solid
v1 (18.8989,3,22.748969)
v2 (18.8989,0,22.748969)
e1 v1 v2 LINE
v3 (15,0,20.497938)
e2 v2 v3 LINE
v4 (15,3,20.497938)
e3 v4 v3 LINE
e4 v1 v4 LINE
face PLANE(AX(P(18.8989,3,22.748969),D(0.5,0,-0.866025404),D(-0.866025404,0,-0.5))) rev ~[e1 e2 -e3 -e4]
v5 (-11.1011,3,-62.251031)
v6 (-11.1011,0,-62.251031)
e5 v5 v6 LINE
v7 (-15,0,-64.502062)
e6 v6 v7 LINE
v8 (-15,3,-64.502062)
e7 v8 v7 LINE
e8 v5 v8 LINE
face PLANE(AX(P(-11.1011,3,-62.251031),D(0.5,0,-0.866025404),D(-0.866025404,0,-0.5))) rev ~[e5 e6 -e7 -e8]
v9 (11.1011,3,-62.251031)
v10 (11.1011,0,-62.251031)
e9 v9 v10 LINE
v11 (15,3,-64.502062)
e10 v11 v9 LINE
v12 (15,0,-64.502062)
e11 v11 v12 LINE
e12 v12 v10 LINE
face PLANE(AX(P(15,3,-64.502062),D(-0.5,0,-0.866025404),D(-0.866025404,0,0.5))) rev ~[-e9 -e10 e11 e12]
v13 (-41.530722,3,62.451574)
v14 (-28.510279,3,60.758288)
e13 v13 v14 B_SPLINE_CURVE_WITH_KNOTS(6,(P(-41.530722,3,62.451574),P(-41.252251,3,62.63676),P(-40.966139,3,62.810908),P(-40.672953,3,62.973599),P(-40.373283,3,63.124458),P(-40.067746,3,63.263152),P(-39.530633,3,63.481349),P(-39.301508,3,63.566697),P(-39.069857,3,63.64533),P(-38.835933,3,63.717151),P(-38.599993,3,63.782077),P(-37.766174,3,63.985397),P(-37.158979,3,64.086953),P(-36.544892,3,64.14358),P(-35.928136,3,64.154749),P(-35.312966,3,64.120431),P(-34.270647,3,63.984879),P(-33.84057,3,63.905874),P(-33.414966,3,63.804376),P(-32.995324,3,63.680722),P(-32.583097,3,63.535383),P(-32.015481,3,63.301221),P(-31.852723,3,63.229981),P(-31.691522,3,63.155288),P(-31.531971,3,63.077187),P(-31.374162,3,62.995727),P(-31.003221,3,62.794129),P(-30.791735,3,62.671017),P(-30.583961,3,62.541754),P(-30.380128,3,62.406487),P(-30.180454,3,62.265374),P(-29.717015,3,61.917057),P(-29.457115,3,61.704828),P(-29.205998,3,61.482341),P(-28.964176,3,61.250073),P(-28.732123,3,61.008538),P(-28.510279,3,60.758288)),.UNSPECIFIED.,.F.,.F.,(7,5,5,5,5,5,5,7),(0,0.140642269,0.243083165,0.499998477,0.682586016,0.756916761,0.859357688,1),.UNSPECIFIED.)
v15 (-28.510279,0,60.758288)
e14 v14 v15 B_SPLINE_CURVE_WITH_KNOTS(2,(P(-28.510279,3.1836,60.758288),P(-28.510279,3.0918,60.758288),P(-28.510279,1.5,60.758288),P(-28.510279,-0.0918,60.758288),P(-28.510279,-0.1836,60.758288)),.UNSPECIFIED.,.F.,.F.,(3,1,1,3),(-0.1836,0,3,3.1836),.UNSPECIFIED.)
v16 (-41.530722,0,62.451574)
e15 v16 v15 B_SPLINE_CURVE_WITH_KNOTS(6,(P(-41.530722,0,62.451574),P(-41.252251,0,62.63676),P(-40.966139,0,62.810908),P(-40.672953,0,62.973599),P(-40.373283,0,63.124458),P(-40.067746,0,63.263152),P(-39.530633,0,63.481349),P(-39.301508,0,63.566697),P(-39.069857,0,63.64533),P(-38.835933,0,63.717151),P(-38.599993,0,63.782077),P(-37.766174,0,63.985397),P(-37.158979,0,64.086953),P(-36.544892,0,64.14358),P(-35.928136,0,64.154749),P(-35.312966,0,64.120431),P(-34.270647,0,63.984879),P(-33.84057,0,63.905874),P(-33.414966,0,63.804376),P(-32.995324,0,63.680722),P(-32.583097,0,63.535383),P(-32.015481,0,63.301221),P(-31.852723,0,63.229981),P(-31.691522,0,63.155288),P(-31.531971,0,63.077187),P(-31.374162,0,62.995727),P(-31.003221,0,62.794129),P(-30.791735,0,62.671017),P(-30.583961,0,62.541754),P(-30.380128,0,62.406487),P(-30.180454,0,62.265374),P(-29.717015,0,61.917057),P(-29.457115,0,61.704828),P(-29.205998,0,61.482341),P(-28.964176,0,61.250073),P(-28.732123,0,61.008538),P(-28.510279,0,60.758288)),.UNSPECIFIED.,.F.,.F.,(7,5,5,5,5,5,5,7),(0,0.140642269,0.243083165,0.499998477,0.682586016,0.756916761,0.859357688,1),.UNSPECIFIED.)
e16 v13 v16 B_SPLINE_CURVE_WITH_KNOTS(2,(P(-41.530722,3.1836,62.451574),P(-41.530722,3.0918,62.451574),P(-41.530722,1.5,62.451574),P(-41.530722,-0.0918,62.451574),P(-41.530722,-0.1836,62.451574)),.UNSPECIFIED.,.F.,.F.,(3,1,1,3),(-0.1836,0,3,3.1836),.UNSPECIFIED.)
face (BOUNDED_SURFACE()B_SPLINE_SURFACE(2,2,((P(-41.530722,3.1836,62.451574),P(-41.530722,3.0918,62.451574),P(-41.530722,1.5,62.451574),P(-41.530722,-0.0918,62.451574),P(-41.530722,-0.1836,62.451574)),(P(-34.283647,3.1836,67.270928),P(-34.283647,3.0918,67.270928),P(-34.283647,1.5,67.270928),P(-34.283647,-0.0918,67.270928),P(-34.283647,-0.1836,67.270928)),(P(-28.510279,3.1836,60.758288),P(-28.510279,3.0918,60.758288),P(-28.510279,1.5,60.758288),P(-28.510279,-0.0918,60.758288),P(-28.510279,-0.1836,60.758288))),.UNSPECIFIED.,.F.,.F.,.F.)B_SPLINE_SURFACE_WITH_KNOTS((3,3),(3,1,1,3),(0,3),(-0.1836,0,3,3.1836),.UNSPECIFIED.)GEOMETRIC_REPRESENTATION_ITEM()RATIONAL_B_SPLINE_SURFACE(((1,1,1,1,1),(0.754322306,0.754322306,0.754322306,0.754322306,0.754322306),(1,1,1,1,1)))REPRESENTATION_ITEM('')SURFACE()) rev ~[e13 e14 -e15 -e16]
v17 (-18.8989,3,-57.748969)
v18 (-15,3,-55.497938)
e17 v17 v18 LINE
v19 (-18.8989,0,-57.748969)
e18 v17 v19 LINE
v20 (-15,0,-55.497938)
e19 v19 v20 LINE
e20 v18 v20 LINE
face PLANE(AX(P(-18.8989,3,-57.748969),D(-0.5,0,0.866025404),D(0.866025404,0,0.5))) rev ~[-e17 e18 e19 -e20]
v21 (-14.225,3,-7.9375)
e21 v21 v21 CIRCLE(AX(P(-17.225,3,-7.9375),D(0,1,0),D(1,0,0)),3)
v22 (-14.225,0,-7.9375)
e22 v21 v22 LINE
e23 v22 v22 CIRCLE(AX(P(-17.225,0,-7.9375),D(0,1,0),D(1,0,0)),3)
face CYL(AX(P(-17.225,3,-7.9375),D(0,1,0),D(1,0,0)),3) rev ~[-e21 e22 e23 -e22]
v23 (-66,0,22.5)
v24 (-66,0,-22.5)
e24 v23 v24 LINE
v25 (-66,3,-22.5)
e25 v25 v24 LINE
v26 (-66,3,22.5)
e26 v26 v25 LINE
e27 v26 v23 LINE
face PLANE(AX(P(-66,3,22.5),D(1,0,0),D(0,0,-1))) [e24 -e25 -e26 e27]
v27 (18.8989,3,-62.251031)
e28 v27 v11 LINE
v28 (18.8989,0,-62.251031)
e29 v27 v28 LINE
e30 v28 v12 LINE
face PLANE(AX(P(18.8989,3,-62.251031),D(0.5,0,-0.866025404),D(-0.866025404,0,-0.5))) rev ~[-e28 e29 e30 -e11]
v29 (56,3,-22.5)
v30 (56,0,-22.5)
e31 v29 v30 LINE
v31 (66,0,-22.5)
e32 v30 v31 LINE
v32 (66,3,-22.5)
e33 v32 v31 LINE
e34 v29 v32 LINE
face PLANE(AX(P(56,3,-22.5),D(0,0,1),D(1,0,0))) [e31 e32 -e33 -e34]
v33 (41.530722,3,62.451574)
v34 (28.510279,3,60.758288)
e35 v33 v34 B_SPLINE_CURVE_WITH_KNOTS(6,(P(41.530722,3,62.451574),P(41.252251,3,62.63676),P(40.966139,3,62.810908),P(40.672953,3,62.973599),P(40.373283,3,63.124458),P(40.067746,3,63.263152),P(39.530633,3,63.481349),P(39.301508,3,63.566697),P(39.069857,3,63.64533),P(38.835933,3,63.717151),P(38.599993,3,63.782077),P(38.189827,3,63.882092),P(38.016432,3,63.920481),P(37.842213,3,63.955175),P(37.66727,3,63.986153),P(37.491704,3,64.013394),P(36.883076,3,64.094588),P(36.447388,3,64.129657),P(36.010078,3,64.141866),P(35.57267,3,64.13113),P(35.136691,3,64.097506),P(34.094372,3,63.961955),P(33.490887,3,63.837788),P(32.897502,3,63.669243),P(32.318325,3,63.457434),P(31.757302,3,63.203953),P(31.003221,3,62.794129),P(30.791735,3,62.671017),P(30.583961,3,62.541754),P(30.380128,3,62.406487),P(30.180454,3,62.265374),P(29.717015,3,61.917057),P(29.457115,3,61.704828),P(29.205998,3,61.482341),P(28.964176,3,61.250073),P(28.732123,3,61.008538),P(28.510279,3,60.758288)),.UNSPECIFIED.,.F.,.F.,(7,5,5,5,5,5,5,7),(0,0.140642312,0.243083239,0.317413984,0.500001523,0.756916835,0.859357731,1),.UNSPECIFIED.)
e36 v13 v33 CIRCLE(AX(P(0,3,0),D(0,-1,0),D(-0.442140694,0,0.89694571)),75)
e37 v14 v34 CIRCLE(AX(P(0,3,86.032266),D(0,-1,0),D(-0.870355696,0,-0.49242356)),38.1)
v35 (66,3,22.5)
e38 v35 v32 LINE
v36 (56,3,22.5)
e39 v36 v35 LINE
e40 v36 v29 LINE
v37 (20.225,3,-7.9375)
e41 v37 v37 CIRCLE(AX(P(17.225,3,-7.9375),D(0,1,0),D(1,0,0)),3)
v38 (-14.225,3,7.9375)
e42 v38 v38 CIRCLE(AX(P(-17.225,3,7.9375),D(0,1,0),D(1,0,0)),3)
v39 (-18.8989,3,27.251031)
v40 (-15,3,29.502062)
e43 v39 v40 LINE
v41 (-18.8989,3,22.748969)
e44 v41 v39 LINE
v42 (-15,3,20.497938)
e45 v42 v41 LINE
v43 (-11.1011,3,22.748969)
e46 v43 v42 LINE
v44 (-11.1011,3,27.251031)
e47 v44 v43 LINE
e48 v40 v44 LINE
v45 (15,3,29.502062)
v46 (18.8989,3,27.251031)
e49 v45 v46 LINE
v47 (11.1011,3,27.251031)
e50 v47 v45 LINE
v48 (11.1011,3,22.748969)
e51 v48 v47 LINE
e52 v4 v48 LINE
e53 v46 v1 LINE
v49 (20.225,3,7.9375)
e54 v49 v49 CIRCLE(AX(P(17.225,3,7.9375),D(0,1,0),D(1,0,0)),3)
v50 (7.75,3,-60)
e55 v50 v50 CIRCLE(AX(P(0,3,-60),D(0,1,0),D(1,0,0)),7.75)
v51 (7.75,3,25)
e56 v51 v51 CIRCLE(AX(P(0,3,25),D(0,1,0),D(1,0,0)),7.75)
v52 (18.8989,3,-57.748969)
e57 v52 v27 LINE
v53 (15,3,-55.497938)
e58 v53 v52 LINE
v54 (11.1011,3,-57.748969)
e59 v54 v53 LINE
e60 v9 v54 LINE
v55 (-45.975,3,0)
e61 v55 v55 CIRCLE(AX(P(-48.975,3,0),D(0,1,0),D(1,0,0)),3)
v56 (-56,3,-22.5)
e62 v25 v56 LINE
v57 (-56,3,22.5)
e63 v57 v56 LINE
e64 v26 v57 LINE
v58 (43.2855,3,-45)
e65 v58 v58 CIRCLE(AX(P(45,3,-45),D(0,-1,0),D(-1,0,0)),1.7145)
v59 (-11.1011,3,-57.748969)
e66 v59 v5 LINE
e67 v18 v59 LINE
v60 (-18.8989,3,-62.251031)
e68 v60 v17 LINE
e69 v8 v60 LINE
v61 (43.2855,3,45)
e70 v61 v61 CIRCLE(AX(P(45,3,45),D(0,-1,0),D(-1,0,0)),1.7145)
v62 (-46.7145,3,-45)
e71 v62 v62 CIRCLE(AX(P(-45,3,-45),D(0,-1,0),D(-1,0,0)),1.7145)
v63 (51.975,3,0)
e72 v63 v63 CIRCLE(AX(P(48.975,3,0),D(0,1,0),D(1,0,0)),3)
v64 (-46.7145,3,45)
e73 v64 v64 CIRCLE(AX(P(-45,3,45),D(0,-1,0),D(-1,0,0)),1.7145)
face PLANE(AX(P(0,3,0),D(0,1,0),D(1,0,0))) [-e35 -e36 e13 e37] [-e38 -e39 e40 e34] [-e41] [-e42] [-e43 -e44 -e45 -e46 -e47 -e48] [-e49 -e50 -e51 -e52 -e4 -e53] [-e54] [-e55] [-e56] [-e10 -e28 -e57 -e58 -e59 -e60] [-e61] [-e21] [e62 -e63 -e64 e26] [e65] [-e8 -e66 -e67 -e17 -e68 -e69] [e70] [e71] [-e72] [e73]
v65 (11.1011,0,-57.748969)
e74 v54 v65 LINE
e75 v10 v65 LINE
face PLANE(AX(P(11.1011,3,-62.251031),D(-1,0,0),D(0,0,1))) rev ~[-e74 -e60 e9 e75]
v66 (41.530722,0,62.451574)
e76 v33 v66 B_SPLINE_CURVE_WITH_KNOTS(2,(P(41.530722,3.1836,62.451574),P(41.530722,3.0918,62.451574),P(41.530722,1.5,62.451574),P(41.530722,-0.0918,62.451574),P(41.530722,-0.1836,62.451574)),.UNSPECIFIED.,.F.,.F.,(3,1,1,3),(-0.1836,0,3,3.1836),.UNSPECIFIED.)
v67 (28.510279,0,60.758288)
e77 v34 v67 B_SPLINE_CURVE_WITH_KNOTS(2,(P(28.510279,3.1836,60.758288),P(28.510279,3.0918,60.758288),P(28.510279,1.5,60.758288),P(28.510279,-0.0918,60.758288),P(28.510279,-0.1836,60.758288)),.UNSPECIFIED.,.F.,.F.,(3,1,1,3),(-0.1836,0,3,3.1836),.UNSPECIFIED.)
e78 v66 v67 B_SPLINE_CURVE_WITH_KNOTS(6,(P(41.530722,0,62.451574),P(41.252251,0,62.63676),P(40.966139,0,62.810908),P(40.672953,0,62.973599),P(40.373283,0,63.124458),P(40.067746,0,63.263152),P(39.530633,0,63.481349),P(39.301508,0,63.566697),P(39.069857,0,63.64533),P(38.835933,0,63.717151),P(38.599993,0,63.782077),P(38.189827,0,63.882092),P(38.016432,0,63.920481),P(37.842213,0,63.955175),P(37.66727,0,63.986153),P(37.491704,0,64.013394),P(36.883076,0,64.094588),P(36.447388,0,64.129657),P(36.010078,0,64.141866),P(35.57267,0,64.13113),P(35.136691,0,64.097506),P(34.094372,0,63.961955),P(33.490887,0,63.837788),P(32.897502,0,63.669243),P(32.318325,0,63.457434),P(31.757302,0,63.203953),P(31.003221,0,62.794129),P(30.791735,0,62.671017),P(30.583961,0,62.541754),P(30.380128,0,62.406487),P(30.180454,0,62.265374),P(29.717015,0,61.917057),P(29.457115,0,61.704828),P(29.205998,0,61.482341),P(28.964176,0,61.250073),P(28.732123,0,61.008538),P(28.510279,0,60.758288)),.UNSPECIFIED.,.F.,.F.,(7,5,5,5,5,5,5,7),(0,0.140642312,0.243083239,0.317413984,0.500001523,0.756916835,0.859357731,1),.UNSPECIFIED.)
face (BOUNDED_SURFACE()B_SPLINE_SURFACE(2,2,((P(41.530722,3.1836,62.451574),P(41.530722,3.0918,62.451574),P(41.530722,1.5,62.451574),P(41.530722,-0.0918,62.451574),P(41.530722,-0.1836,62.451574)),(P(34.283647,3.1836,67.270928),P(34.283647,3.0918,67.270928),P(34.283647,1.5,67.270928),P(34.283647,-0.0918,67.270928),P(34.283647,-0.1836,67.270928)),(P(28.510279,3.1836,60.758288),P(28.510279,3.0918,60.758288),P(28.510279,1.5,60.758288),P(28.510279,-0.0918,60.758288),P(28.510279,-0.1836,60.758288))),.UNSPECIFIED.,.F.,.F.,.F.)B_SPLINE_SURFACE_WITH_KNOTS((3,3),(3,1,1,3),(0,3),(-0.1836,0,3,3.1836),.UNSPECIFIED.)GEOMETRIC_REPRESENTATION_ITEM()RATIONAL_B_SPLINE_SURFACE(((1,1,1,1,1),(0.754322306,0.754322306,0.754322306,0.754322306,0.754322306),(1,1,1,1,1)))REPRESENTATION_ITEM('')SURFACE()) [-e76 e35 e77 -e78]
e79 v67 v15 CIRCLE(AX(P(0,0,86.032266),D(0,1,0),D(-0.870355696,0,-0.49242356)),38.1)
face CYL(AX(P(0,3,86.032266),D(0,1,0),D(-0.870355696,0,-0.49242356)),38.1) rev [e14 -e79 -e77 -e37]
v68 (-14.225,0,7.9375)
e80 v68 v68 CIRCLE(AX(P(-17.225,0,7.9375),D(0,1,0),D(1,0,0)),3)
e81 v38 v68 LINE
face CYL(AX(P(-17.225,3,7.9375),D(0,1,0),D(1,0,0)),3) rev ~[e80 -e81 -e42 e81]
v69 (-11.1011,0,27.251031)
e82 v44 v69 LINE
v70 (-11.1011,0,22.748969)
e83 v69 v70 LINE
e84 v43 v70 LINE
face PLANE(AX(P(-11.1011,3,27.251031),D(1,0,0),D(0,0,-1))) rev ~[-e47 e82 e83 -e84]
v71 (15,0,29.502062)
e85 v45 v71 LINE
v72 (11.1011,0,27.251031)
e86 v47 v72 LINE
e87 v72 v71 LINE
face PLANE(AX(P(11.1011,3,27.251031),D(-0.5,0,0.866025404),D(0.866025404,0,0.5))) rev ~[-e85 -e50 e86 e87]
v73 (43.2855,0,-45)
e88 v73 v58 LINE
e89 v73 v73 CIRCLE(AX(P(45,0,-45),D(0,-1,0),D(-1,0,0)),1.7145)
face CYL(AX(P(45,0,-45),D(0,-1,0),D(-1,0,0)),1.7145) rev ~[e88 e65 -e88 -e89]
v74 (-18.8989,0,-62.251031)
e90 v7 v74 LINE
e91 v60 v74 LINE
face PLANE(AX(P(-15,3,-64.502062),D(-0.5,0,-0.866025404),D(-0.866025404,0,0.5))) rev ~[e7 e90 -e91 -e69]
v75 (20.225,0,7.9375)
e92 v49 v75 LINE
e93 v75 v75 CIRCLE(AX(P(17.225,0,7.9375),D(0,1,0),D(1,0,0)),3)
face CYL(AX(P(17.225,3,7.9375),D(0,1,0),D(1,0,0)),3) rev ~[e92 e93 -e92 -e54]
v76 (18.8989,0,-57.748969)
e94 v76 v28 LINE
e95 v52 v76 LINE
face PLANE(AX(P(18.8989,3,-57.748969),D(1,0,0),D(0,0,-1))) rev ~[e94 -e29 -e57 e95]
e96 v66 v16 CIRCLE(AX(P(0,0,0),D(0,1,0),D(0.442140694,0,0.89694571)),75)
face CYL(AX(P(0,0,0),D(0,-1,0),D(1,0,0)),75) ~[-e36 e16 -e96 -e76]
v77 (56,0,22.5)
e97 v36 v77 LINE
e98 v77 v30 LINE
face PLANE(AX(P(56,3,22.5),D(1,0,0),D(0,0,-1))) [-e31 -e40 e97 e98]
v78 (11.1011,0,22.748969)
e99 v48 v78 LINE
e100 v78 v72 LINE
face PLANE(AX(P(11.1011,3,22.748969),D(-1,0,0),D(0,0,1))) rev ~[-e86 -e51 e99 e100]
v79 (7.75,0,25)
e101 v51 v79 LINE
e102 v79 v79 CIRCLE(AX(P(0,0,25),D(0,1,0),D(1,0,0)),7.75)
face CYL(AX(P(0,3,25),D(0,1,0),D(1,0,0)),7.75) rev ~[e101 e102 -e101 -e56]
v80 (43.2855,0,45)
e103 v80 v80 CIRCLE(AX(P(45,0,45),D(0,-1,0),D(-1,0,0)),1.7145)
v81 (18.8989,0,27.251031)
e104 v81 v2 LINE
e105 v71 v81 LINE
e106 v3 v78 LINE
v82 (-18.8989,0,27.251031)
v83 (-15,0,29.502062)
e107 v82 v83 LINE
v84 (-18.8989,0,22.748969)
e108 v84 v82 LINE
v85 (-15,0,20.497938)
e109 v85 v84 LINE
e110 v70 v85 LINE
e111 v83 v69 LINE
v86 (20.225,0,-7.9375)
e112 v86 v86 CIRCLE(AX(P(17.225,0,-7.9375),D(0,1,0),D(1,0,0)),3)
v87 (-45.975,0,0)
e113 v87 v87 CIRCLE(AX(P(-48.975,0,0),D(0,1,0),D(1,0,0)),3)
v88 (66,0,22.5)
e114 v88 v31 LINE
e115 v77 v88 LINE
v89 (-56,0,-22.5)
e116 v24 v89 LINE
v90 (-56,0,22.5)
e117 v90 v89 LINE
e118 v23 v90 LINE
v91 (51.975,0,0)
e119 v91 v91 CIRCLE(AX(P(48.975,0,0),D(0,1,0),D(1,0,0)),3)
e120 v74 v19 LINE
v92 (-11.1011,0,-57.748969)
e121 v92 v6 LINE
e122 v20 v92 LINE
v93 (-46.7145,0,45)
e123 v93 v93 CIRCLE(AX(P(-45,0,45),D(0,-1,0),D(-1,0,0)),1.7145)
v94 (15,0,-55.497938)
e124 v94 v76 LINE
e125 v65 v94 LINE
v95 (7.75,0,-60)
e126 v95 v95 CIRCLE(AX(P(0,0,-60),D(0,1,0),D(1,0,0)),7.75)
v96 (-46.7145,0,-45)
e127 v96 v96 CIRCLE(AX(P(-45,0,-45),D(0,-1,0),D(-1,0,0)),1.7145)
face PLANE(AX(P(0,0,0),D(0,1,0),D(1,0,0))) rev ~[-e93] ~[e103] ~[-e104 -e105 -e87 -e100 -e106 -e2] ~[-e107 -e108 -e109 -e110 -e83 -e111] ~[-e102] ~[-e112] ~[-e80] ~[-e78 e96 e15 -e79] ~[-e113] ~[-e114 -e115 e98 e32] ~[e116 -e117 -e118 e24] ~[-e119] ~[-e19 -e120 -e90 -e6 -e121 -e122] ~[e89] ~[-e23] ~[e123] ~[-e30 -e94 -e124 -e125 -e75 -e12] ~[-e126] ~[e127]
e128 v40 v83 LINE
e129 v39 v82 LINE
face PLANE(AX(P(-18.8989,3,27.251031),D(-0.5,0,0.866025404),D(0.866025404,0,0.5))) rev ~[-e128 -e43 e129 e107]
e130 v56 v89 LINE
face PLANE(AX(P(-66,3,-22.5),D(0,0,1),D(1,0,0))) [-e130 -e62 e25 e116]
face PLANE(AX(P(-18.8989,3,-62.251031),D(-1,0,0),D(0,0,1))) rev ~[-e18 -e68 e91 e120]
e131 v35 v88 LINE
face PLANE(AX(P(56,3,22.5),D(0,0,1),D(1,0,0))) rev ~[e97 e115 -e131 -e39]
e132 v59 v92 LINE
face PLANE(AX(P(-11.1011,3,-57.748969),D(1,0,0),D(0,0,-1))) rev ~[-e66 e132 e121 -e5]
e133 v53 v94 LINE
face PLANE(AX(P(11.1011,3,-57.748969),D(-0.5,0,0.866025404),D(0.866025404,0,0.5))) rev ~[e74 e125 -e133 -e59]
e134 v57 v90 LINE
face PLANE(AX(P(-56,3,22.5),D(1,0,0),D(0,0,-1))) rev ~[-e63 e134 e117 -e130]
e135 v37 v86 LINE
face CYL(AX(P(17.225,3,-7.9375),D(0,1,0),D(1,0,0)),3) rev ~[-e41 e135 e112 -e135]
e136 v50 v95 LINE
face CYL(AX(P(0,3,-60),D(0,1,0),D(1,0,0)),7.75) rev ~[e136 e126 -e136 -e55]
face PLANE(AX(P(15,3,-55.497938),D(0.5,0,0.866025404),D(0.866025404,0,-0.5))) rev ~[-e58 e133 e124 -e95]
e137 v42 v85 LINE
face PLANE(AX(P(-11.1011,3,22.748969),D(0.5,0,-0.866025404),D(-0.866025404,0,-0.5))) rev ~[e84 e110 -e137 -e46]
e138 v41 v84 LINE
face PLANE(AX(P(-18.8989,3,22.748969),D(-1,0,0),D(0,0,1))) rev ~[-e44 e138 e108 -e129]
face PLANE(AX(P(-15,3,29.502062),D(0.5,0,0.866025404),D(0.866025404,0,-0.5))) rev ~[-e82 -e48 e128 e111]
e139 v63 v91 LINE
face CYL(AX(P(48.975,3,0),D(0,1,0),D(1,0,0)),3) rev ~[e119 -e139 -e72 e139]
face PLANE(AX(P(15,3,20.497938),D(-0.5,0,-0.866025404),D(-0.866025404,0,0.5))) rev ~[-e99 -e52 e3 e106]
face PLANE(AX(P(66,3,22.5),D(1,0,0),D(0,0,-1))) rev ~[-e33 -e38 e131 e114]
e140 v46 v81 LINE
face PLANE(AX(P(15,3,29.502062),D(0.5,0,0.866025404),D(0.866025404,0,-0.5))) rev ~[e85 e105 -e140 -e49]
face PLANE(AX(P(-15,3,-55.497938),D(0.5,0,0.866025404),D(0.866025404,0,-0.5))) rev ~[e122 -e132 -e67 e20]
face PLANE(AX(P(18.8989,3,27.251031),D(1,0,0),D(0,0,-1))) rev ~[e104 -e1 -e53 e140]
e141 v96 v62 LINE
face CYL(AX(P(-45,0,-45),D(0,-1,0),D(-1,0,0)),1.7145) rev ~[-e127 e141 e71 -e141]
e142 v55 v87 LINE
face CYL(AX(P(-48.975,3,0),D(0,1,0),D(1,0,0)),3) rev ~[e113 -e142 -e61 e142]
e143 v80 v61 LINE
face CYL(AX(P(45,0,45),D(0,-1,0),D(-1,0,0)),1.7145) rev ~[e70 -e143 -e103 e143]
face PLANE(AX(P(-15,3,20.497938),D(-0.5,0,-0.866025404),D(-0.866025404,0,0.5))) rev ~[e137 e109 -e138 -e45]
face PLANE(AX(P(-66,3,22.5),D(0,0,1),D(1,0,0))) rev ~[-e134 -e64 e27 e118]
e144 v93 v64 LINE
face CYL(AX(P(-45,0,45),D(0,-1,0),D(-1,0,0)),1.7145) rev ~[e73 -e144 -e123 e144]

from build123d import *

# Parameters (mm, degrees)
SKETCH1_R           = 75
BOSS_EXTRUDE1_DEPTH = 3
SKETCH2_W           = 10
SKETCH2_H           = 45
CUT_EXTRUDE1_DEPTH  = 6.35
SKETCH3_R           = 7.75
CUT_EXTRUDE2_DEPTH  = 10
CUT_EXTRUDE3_DEPTH  = 10
FILLET2_R           = 10
SKETCH7_R           = 3
CUT_EXTRUDE5_DEPTH  = 3
CUT_EXTRUDE6_DEPTH  = 3
SKETCH8_R           = 1.7145
CUT_EXTRUDE7_DEPTH  = 10


with BuildPart() as part:
    # Sketch1 → Boss-Extrude1 (new body)
    with BuildSketch(Plane(origin=(0, 0, 0), x_dir=(1, 0, 0), z_dir=(0, 1, 0))):
        Circle(SKETCH1_R)
    extrude(amount=BOSS_EXTRUDE1_DEPTH)

    # Sketch2 → Cut-Extrude1 (cut)
    with BuildSketch(Plane(origin=(0, 3, 0), x_dir=(1, 0, 0), z_dir=(0, 1, 0))):
        with Locations((-61, 0)):
            Rectangle(SKETCH2_W, SKETCH2_H)
        with Locations((61, 0)):
            Rectangle(SKETCH2_W, SKETCH2_H)
    extrude(amount=-CUT_EXTRUDE1_DEPTH, mode=Mode.SUBTRACT)

    # Sketch3 → Cut-Extrude2 (cut)
    with BuildSketch(Plane(origin=(0, 3, 0), x_dir=(1, 0, 0), z_dir=(0, 1, 0))):
        with Locations((0, -25)):
            Circle(SKETCH3_R)
        with Locations((0, 60)):
            Circle(SKETCH3_R)
    extrude(amount=-CUT_EXTRUDE2_DEPTH, mode=Mode.SUBTRACT)

    # Sketch4 → Cut-Extrude3 (cut)
    with BuildSketch(Plane(origin=(0, 3, 0), x_dir=(1, 0, 0), z_dir=(0, 1, 0))):
        with BuildLine():
            ThreePointArc((-33.160552015, -67.270928268), (0, -47.932265908), (33.160552015, -67.270928268))
            ThreePointArc((33.160552015, -67.270928268), (0, -75), (-33.160552015, -67.270928268))
        make_face()
    extrude(amount=-CUT_EXTRUDE3_DEPTH, mode=Mode.SUBTRACT)

    # Fillet2
    fillet2_edges = [part.edges().sort_by_distance(p)[0] for p in [
        (-33.160552015, 1.5, 67.270928268),
        (33.160552015, 1.5, 67.270928268),
    ]]
    fillet(fillet2_edges, radius=FILLET2_R)

    # Sketch7 → Cut-Extrude5 (cut)
    with BuildSketch(Plane(origin=(0, 3, 0), x_dir=(1, 0, 0), z_dir=(0, 1, 0))):
        with Locations((-48.975, 0)):
            Circle(SKETCH7_R)
        with Locations((-17.225, -7.9375)):
            Circle(SKETCH7_R)
        with Locations((-17.225, 7.9375)):
            Circle(SKETCH7_R)
        with Locations((17.225, 7.9375)):
            Circle(SKETCH7_R)
        with Locations((17.225, -7.9375)):
            Circle(SKETCH7_R)
        with Locations((48.975, 0)):
            Circle(SKETCH7_R)
    extrude(amount=-CUT_EXTRUDE5_DEPTH, mode=Mode.SUBTRACT)

    # Sketch6 → Cut-Extrude6 (cut)
    with BuildSketch(Plane(origin=(0, 3, 0), x_dir=(1, 0, 0), z_dir=(0, 1, 0))):
        Polygon((-15, 64.502061929), (-18.8989, 62.251030965), (-18.8989, 57.748969035), (-15, 55.497938071), (-11.1011, 57.748969035), (-11.1011, 62.251030965), align=None)
        Polygon((15, 64.502061929), (11.1011, 62.251030965), (11.1011, 57.748969035), (15, 55.497938071), (18.8989, 57.748969035), (18.8989, 62.251030965), align=None)
        Polygon((-15, -20.497938071), (-18.8989, -22.748969035), (-18.8989, -27.251030965), (-15, -29.502061929), (-11.1011, -27.251030965), (-11.1011, -22.748969035), align=None)
        Polygon((15, -20.497938071), (11.1011, -22.748969035), (11.1011, -27.251030965), (15, -29.502061929), (18.8989, -27.251030965), (18.8989, -22.748969035), align=None)
    extrude(amount=-CUT_EXTRUDE6_DEPTH, mode=Mode.SUBTRACT)

    # Sketch8 → Cut-Extrude7 (cut)
    with BuildSketch(Plane(origin=(0, 0, 0), x_dir=(-1, 0, 0), z_dir=(0, -1, 0))):
        with Locations((45, -45)):
            Circle(SKETCH8_R)
        with Locations((-45, -45)):
            Circle(SKETCH8_R)
        with Locations((-45, 45)):
            Circle(SKETCH8_R)
        with Locations((45, 45)):
            Circle(SKETCH8_R)
    extrude(amount=-CUT_EXTRUDE7_DEPTH, mode=Mode.SUBTRACT)


solid = part.part
